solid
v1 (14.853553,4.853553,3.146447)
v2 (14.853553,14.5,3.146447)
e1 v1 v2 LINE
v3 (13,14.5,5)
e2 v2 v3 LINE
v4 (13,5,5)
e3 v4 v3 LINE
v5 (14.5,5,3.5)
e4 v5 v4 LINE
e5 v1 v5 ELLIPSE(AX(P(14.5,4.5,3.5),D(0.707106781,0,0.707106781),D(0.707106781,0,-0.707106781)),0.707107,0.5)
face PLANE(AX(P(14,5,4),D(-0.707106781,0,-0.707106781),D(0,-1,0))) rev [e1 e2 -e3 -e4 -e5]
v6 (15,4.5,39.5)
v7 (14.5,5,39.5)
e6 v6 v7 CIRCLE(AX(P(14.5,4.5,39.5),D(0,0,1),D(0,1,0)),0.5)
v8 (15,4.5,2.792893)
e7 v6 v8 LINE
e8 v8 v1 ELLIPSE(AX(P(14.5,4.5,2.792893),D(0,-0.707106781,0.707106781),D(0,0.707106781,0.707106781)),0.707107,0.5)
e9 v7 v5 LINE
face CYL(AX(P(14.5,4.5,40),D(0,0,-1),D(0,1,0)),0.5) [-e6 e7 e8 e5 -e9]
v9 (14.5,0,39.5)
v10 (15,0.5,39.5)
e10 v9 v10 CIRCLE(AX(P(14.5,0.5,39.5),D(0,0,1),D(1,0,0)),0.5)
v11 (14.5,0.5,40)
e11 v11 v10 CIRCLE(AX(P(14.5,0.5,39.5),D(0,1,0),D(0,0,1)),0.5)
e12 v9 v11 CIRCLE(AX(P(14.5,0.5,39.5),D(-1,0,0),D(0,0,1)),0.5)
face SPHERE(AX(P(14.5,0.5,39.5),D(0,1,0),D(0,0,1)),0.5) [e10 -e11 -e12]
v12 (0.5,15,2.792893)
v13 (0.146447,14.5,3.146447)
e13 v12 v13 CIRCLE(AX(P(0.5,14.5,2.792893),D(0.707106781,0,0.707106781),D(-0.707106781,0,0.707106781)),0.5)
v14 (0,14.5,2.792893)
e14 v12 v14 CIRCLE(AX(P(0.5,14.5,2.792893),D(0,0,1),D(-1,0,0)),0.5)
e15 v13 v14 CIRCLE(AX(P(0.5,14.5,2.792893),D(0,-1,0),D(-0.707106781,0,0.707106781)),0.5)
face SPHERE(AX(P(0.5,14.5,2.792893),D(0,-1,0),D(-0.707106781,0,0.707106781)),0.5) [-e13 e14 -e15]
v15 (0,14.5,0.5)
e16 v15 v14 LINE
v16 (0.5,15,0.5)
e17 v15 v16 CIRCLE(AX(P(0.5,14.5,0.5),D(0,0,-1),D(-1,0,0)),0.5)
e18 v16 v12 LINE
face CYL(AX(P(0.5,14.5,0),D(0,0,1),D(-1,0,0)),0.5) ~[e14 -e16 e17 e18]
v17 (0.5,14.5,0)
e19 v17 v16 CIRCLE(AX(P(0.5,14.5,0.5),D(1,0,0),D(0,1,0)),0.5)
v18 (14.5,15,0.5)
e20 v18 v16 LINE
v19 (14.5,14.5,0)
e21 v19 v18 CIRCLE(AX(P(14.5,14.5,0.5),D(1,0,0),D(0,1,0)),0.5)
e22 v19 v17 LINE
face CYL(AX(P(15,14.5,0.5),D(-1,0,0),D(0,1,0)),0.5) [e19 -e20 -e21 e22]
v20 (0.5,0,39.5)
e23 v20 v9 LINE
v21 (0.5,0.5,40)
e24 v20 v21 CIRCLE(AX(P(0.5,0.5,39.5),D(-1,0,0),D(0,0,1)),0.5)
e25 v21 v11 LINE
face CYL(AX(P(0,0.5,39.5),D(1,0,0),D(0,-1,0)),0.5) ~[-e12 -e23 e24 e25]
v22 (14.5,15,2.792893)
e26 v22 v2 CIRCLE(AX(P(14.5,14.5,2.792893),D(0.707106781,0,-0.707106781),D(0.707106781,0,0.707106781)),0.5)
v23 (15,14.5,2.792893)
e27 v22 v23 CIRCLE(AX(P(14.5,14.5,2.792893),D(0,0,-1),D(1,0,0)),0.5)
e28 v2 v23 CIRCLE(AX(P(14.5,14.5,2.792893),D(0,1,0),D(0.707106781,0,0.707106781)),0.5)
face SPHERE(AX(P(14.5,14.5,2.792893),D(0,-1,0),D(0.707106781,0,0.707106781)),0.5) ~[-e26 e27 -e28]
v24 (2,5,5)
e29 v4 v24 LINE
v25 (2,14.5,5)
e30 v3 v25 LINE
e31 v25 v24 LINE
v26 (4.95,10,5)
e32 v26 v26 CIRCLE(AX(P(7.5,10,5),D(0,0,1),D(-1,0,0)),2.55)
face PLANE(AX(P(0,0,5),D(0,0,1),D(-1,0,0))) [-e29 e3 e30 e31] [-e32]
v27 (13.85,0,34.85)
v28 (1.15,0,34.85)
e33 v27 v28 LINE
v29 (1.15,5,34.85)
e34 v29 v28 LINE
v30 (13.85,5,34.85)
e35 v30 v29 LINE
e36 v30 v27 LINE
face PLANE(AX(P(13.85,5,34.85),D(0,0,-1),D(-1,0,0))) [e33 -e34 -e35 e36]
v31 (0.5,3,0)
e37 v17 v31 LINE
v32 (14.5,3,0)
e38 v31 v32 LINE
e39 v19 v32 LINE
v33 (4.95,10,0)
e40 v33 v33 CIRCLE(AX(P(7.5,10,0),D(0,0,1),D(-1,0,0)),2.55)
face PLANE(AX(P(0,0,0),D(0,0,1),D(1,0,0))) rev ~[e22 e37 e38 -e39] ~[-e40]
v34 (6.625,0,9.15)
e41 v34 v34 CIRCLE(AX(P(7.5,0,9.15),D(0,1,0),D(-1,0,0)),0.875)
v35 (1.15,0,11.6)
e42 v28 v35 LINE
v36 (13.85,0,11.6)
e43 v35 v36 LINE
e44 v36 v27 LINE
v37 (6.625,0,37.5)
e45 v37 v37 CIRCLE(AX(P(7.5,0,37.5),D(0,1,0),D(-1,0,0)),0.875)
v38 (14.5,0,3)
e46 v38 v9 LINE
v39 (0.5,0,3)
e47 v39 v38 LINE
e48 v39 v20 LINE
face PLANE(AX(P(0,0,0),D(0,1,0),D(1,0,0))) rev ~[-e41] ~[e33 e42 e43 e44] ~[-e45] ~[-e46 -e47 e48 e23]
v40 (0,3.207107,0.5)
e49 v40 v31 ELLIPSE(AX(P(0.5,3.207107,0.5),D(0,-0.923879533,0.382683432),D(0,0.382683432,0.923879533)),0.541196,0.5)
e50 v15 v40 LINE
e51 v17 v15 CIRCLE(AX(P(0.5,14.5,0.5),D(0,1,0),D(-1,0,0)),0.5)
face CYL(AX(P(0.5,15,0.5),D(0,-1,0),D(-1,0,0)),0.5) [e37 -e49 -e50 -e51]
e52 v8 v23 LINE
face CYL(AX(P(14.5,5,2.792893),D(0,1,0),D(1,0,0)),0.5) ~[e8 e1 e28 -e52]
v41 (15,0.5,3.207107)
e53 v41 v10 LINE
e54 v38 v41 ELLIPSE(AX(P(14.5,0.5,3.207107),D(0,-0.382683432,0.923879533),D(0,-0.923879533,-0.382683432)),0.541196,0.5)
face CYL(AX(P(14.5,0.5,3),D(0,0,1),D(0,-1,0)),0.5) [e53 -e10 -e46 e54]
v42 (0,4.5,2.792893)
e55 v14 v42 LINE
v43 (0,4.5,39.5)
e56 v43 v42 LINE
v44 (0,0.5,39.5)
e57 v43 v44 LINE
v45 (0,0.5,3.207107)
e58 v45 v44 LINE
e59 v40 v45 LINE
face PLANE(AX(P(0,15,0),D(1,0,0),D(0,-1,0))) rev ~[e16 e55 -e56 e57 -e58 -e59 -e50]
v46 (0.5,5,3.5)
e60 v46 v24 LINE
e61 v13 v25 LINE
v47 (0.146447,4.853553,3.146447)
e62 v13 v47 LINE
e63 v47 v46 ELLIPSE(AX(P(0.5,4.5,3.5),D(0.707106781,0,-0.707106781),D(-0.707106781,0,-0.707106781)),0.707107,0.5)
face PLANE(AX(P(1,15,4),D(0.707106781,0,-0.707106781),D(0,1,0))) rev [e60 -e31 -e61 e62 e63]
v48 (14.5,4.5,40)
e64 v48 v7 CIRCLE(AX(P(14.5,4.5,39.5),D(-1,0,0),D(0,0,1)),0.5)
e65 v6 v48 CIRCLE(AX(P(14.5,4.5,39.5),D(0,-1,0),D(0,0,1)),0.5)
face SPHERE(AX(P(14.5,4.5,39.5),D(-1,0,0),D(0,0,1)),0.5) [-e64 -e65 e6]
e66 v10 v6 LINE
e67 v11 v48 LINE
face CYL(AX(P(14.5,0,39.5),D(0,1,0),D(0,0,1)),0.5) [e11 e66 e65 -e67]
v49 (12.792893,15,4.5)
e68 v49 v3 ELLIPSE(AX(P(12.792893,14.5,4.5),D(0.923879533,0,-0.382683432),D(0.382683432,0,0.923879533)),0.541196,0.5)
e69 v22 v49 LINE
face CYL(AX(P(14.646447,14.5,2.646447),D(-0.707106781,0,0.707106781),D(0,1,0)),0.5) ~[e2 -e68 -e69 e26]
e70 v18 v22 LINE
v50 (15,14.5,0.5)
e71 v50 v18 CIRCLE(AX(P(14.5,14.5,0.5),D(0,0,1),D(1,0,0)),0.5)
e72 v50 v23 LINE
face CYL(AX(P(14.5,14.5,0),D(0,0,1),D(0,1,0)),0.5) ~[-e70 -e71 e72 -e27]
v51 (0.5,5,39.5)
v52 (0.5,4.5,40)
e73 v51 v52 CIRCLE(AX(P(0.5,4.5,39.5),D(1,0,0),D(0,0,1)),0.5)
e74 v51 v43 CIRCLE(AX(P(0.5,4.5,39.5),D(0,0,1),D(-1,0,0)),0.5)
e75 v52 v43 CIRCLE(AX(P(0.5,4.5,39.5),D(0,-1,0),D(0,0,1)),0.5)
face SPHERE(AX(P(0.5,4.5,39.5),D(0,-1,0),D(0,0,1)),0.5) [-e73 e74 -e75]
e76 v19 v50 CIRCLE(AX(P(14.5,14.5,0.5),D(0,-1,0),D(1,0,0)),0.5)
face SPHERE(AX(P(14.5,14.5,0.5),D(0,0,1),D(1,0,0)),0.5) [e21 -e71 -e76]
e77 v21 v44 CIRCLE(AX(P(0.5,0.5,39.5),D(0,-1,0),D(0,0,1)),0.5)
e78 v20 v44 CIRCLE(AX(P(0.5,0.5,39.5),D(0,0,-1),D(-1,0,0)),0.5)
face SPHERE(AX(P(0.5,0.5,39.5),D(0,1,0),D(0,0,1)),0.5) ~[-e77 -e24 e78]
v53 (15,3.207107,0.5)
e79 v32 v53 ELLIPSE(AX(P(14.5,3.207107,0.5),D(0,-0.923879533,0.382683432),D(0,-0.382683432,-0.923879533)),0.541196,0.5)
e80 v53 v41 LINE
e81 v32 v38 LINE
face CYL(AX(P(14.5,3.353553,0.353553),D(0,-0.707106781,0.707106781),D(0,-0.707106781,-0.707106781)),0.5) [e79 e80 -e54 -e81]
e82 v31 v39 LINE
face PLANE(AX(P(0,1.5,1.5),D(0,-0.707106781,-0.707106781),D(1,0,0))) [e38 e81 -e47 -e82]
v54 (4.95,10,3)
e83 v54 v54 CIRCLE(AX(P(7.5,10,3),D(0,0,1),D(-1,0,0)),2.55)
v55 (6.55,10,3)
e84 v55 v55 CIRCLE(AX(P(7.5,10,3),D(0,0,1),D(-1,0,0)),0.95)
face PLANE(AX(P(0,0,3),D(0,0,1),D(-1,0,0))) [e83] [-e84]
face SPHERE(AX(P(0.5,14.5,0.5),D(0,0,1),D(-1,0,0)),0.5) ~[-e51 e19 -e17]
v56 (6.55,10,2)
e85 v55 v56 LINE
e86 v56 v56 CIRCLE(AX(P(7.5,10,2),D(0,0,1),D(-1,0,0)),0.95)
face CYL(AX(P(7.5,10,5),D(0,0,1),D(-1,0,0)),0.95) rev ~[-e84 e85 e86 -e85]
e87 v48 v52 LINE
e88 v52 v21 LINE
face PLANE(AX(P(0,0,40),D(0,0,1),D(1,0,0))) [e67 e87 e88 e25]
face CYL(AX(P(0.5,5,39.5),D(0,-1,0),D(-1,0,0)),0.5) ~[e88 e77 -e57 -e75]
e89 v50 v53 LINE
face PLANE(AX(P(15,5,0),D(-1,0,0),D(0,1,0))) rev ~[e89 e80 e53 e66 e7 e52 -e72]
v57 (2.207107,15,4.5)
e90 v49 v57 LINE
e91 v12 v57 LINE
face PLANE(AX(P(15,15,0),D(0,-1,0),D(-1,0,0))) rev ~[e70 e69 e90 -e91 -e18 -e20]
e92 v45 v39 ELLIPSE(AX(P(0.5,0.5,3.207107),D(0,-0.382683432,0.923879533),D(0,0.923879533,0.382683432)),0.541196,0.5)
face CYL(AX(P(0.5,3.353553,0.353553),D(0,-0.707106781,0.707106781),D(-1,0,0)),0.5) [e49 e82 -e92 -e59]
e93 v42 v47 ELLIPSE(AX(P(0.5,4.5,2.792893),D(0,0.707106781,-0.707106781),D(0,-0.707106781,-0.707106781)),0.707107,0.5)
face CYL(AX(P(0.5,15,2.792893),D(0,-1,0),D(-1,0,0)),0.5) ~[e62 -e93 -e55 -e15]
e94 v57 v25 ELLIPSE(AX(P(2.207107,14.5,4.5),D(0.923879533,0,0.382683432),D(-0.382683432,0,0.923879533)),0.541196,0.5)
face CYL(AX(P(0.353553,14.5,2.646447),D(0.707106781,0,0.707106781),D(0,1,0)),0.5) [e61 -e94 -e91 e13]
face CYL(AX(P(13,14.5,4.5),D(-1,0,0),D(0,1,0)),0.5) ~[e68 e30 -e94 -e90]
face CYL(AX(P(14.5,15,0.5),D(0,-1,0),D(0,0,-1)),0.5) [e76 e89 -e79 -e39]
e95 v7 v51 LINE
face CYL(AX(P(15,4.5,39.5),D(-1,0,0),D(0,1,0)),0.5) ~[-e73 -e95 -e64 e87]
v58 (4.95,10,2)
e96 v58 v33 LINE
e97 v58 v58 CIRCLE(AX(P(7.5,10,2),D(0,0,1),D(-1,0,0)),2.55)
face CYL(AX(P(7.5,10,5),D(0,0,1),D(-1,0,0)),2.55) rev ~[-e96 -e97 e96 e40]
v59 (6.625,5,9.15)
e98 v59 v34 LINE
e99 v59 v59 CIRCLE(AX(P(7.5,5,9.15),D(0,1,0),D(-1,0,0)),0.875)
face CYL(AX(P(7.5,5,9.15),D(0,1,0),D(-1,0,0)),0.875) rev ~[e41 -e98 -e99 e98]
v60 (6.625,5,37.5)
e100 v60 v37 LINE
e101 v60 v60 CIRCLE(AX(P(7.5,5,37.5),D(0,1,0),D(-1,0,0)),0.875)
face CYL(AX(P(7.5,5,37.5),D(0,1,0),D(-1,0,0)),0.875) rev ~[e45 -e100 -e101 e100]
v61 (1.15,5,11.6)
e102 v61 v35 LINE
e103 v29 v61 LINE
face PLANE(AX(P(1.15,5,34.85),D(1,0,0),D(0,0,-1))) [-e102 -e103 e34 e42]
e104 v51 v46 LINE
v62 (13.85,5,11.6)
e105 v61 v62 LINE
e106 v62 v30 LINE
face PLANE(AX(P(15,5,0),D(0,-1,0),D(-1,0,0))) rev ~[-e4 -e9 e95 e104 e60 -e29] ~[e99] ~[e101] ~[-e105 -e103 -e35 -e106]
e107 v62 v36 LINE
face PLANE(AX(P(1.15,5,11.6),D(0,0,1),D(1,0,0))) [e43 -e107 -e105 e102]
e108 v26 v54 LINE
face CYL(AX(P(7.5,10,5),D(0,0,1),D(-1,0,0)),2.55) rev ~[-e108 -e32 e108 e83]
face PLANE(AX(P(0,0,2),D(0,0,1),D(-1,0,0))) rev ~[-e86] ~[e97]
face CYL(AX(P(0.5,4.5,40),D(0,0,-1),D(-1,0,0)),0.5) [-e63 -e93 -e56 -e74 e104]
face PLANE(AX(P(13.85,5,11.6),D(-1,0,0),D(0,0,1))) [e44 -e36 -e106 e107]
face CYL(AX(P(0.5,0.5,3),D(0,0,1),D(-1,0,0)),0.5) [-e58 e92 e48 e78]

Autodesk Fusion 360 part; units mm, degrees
sketch "Sketch1" plane through (0, 0, 0) normal (0, 0, 1) x (1, 0, 0)
  line L0 (0, 0) -> (15, 0)
  line L1 (15, 0) -> (15, 15)
  line L2 (15, 15) -> (0, 15)
  line L3 (0, 15) -> (0, 0)
  line L4 (0, 0) -> (15, 0)
  line L5 (15, 0) -> (15, 5)
  line L6 (15, 5) -> (0, 5)
  line L7 (0, 5) -> (0, 0)
  dimension "d1" = 15
  dimension "d2" = 15
extrude "Extrude1" add sketch "Sketch1" along normal blind 5 contours L1 L2 L3 L6
extrude "Extrude2" add sketch "Sketch1" along normal blind 40 contours L0 L1 L3 L4 L5 L6 L7
sketch "Sketch2" plane through (0, 5, 0) normal (0, 1, 0) x (-1, 0, 0)
  line L0 (-15, 5) -> (0, 5)
  line L1 (0, 5) -> (0, 40)
  line L2 (0, 40) -> (-15, 40)
  line L3 (-15, 40) -> (-15, 5)
  line L4 (-13.85, 11.6) -> (-13.85, 34.85)
  line L5 (-1.15, 11.6) -> (-13.85, 11.6)
  circle A0 centre (-7.5, 9.15) radius 0.875
  line L6 (-1.15, 34.85) -> (-1.15, 11.6)
  circle A1 centre (-7.5, 37.5) radius 0.875
  line L7 (-13.85, 34.85) -> (-1.15, 34.85)
  dimension "d7" = 23.25
  dimension "d8" = 12.7
  dimension "d9" = 1.75
  dimension "d10" = 1.75
  dimension "d11" = 2.45
  dimension "d12" = 2.65
  dimension "d13" = 1.15
  dimension "d14" = 2.5
extrude "Extrude3" cut sketch "Sketch2" against normal blind 5 contours L4 L5 L6 L7 | A0 | A1
sketch "Sketch3" plane through (0, 0, 5) normal (0, 0, 1) x (-1, 0, 0)
  line L0 (-15, -15) -> (0, -15)
  line L1 (0, -15) -> (0, -5)
  line L2 (0, -5) -> (-15, -5)
  line L3 (-15, -5) -> (-15, -15)
  circle A0 centre (-7.5, -10) radius 0.95
  circle A1 centre (-7.5, -10) radius 2.55
  line L4 (-15, -15) -> (0, -15)
  dimension "d17" = 5.1
  dimension "d18" = 1.9
  dimension "d19" = 7.5
  dimension "d20" = 5
extrude "Extrude4" cut sketch "Sketch3" against normal blind 5 contours A0 | A1
extrude "Extrude7" add sketch "Sketch3" against normal blind 3 contours A1
extrude "Extrude8" cut sketch "Sketch3" against normal blind 2 contours A1
chamfer "Chamfer2" distance 3 angle 45 1 edges at (7.5, 0, 0)
chamfer "Chamfer3" distance 2 angle 45 2 edges at (15, 10, 5) (0, 10, 5)
fillet "Fillet4" radius 0.5 4 faces at (5, 3.3333, 40) (15, 1.6667, 16) (0, 3.3333, 27.6667) (9.3333, 15, 1.6667)
fillet "Fillet3" [suppressed]
